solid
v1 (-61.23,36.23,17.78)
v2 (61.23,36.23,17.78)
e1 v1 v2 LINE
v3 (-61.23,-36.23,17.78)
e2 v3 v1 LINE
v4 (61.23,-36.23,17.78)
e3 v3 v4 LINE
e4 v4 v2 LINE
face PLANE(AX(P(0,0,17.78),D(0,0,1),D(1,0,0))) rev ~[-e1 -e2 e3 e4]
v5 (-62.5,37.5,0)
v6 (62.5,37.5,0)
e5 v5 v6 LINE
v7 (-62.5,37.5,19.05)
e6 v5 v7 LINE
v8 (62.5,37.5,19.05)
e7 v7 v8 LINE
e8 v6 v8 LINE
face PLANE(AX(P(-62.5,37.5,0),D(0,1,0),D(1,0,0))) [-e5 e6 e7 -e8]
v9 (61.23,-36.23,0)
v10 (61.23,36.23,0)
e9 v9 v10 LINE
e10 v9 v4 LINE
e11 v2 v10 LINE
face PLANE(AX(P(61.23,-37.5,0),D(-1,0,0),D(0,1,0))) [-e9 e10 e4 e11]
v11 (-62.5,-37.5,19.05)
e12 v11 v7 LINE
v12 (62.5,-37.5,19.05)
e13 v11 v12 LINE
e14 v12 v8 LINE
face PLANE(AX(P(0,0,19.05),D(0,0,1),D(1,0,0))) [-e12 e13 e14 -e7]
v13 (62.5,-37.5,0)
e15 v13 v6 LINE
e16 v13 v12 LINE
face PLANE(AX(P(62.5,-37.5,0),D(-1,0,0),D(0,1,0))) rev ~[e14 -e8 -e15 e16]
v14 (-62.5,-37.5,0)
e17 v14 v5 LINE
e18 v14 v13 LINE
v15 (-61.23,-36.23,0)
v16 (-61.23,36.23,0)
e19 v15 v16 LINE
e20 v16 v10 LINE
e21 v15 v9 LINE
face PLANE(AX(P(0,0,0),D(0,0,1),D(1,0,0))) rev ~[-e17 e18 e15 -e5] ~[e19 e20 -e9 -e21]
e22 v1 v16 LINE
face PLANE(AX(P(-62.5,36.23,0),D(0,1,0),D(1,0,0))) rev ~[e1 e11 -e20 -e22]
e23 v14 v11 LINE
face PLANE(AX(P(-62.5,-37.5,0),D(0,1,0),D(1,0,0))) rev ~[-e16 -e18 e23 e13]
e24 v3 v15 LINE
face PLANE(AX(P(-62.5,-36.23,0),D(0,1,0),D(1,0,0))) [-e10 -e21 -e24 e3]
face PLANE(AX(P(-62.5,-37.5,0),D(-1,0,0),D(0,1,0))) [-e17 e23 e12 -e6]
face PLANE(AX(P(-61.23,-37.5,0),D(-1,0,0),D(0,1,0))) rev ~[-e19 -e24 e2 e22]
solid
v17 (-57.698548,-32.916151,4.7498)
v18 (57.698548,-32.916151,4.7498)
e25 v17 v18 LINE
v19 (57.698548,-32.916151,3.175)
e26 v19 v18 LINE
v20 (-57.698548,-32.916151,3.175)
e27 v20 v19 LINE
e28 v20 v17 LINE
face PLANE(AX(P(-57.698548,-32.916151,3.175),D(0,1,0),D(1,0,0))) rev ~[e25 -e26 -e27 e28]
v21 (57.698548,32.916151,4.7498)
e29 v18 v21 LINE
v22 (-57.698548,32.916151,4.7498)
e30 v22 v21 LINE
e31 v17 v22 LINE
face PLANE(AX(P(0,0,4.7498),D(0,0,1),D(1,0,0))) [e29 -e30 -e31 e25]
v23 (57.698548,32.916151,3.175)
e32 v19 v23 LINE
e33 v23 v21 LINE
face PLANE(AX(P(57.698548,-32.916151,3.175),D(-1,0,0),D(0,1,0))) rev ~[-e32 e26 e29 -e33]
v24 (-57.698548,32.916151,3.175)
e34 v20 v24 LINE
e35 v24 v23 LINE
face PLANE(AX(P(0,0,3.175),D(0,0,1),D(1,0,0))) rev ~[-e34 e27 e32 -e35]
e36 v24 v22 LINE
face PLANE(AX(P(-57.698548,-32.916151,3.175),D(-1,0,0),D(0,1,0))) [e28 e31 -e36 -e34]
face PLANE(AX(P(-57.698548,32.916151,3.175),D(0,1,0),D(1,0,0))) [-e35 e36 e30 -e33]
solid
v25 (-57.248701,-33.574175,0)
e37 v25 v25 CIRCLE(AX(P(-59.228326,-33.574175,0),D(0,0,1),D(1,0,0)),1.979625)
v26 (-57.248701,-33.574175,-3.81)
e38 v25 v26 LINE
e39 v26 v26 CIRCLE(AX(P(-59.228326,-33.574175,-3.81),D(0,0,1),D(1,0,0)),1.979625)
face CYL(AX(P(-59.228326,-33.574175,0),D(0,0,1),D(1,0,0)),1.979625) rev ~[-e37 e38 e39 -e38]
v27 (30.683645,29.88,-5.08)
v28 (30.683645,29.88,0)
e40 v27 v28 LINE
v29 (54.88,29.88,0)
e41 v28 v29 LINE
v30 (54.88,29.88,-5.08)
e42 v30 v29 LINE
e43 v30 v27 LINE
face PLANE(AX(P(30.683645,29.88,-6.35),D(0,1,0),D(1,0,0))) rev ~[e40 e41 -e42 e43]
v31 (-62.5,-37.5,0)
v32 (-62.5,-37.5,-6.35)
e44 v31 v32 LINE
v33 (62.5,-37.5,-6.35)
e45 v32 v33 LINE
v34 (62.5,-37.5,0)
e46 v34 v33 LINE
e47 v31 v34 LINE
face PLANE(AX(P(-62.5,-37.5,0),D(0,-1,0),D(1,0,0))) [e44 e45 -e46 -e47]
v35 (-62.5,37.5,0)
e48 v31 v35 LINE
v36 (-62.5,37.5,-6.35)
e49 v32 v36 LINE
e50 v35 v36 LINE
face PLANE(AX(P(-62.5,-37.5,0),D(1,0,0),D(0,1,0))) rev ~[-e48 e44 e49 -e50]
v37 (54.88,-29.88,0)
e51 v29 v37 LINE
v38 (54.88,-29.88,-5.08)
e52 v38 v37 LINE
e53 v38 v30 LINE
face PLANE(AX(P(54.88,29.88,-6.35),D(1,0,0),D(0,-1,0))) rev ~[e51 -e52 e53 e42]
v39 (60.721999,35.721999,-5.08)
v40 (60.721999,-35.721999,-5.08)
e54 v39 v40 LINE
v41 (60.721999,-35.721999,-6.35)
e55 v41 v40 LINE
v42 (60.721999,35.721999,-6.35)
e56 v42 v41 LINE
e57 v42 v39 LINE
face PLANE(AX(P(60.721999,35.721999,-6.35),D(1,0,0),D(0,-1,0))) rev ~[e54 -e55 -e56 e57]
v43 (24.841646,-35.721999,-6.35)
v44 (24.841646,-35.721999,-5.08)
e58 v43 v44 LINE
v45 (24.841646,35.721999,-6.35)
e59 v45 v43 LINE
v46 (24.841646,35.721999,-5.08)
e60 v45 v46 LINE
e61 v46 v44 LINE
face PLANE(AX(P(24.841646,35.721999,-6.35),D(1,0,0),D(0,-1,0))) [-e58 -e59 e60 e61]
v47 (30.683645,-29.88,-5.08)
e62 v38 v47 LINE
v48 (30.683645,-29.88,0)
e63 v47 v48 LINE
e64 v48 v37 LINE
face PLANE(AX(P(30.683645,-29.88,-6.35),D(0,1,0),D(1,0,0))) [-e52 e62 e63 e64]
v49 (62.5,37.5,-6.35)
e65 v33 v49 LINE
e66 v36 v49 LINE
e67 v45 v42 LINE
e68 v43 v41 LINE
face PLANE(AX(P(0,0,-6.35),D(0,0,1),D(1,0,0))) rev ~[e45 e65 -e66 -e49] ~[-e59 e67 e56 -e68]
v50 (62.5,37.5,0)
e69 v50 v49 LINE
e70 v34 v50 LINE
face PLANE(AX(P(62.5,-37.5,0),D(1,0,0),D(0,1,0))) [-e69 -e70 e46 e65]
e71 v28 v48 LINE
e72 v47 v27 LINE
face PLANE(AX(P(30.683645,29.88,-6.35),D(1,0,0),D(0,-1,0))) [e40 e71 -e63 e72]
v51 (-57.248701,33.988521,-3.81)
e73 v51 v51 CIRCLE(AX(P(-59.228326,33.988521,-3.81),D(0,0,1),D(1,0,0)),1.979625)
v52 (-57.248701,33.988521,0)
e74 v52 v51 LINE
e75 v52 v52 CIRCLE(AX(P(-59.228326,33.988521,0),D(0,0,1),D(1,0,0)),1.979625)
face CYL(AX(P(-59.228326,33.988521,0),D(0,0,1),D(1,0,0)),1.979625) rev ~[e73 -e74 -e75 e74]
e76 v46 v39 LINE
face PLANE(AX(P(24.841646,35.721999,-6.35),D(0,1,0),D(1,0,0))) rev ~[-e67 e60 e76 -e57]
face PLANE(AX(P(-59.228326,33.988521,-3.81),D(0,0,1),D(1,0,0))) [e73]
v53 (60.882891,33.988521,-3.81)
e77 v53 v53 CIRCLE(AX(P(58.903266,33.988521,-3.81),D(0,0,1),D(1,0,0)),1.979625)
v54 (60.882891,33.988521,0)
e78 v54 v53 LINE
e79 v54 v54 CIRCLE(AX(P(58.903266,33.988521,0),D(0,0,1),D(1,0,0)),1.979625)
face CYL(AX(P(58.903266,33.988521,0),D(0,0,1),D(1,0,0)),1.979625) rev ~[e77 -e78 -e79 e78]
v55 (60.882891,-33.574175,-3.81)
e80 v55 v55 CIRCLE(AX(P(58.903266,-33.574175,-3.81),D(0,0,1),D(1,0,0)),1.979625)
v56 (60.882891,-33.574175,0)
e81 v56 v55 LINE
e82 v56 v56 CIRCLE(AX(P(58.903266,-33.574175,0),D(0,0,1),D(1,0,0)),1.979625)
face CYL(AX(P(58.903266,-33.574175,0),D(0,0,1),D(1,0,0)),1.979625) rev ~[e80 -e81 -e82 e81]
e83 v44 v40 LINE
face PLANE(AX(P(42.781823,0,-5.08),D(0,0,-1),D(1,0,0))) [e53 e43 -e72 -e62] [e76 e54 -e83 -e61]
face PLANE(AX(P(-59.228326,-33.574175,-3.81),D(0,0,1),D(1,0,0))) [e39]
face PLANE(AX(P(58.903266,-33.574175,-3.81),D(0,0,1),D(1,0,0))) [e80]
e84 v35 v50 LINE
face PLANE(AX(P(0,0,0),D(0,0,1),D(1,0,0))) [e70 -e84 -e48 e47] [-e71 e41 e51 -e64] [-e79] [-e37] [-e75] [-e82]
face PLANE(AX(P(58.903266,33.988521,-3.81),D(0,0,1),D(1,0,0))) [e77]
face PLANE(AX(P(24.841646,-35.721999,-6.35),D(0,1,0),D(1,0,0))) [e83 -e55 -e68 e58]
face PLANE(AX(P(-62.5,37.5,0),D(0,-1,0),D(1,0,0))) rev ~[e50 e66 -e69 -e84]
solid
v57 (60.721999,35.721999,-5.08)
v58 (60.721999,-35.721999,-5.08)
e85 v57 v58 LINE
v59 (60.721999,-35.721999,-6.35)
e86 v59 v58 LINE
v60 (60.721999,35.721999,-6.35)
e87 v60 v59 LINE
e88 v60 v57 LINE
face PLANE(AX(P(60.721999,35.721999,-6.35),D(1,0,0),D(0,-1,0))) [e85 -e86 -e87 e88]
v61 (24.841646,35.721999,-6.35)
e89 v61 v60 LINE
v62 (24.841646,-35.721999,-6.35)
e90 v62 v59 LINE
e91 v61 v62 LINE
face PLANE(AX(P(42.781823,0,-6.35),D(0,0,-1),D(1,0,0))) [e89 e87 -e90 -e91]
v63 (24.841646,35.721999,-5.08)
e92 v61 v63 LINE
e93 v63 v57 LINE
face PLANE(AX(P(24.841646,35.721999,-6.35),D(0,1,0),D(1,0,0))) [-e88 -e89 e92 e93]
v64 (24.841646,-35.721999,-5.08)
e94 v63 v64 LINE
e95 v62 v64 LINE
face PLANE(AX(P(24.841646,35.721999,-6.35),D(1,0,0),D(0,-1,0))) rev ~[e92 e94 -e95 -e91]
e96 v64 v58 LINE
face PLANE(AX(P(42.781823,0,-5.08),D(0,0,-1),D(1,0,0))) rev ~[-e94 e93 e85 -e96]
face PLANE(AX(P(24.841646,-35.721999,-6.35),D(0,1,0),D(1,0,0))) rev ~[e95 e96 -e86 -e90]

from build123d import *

# Parameters (mm, degrees)
F0_W      = 125
F0_H      = 75
F1_DEPTH  = 6.35
F3_W      = 115.3970956802
F3_H      = 65.8323019743
F4_DEPTH  = 1.5748
F5_W      = 125
F5_H      = 75
F6_DEPTH  = 19.05
F7_W      = 24.196354863
F7_H      = 59.76
F8_DEPTH  = 6.35
F9_W      = 35.880353672
F9_H      = 71.443998809
F10_DEPTH = 1.27
F11_DEPTH = 1.27
F12_T     = -1.27
F13_R     = 1.9796250157
F14_DEPTH = 3.81


with BuildPart() as f1:
    # F0 (on Top) → F1 (new body)
    with BuildSketch(Plane.XY):
        Rectangle(F0_W, F0_H)
    extrude(amount=-F1_DEPTH)

    # F7 (on face) → F8 (cut, through all)
    with BuildSketch(Plane(origin=(0, 0, -6.35), x_dir=(1, 0, 0), z_dir=(0, 0, -1))):
        with Locations((42.7818225685, 0)):
            Rectangle(F7_W, F7_H)
    extrude(amount=-F8_DEPTH, mode=Mode.SUBTRACT)

    # F9 (on face) → F10 (cut)
    with BuildSketch(Plane(origin=(0, 0, -6.35), x_dir=(1, 0, 0), z_dir=(0, 0, -1))):
        with Locations((42.7818225685, 0)):
            Rectangle(F9_W, F9_H)
    extrude(amount=-F10_DEPTH, mode=Mode.SUBTRACT)

    # F13 (on face) → F14 (cut)
    with BuildSketch(Plane.XY):
        with Locations((58.9032660389, 33.9885211441)):
            Circle(F13_R)
        with Locations((58.9032660389, -33.5741745865)):
            Circle(F13_R)
        with Locations((-59.2283262906, -33.5741745865)):
            Circle(F13_R)
        with Locations((-59.2283262906, 33.9885211441)):
            Circle(F13_R)
    extrude(amount=-F14_DEPTH, mode=Mode.SUBTRACT)


with BuildPart() as f4:
    # F3 (on offset) → F4 (new body)
    with BuildSketch(Plane.XY.offset(3.175)):
        Rectangle(F3_W, F3_H)
    extrude(amount=F4_DEPTH)


with BuildPart() as f6:
    # F5 (on Top) → F6 (new body)
    with BuildSketch(Plane.XY):
        Rectangle(F5_W, F5_H)
    extrude(amount=F6_DEPTH)

    # F12
    f12_openings = [f6.faces().sort_by_distance(p)[0] for p in [
        (0, 0, 0),
    ]]
    offset(amount=F12_T, openings=f12_openings)


with BuildPart() as f11:
    # F9 (on face) → F11 (new body)
    with BuildSketch(Plane(origin=(0, 0, -6.35), x_dir=(1, 0, 0), z_dir=(0, 0, -1))):
        with Locations((42.7818225685, 0)):
            Rectangle(F9_W, F9_H)
    extrude(amount=-F11_DEPTH)


solid = Compound([f1.part, f4.part, f6.part, f11.part])
